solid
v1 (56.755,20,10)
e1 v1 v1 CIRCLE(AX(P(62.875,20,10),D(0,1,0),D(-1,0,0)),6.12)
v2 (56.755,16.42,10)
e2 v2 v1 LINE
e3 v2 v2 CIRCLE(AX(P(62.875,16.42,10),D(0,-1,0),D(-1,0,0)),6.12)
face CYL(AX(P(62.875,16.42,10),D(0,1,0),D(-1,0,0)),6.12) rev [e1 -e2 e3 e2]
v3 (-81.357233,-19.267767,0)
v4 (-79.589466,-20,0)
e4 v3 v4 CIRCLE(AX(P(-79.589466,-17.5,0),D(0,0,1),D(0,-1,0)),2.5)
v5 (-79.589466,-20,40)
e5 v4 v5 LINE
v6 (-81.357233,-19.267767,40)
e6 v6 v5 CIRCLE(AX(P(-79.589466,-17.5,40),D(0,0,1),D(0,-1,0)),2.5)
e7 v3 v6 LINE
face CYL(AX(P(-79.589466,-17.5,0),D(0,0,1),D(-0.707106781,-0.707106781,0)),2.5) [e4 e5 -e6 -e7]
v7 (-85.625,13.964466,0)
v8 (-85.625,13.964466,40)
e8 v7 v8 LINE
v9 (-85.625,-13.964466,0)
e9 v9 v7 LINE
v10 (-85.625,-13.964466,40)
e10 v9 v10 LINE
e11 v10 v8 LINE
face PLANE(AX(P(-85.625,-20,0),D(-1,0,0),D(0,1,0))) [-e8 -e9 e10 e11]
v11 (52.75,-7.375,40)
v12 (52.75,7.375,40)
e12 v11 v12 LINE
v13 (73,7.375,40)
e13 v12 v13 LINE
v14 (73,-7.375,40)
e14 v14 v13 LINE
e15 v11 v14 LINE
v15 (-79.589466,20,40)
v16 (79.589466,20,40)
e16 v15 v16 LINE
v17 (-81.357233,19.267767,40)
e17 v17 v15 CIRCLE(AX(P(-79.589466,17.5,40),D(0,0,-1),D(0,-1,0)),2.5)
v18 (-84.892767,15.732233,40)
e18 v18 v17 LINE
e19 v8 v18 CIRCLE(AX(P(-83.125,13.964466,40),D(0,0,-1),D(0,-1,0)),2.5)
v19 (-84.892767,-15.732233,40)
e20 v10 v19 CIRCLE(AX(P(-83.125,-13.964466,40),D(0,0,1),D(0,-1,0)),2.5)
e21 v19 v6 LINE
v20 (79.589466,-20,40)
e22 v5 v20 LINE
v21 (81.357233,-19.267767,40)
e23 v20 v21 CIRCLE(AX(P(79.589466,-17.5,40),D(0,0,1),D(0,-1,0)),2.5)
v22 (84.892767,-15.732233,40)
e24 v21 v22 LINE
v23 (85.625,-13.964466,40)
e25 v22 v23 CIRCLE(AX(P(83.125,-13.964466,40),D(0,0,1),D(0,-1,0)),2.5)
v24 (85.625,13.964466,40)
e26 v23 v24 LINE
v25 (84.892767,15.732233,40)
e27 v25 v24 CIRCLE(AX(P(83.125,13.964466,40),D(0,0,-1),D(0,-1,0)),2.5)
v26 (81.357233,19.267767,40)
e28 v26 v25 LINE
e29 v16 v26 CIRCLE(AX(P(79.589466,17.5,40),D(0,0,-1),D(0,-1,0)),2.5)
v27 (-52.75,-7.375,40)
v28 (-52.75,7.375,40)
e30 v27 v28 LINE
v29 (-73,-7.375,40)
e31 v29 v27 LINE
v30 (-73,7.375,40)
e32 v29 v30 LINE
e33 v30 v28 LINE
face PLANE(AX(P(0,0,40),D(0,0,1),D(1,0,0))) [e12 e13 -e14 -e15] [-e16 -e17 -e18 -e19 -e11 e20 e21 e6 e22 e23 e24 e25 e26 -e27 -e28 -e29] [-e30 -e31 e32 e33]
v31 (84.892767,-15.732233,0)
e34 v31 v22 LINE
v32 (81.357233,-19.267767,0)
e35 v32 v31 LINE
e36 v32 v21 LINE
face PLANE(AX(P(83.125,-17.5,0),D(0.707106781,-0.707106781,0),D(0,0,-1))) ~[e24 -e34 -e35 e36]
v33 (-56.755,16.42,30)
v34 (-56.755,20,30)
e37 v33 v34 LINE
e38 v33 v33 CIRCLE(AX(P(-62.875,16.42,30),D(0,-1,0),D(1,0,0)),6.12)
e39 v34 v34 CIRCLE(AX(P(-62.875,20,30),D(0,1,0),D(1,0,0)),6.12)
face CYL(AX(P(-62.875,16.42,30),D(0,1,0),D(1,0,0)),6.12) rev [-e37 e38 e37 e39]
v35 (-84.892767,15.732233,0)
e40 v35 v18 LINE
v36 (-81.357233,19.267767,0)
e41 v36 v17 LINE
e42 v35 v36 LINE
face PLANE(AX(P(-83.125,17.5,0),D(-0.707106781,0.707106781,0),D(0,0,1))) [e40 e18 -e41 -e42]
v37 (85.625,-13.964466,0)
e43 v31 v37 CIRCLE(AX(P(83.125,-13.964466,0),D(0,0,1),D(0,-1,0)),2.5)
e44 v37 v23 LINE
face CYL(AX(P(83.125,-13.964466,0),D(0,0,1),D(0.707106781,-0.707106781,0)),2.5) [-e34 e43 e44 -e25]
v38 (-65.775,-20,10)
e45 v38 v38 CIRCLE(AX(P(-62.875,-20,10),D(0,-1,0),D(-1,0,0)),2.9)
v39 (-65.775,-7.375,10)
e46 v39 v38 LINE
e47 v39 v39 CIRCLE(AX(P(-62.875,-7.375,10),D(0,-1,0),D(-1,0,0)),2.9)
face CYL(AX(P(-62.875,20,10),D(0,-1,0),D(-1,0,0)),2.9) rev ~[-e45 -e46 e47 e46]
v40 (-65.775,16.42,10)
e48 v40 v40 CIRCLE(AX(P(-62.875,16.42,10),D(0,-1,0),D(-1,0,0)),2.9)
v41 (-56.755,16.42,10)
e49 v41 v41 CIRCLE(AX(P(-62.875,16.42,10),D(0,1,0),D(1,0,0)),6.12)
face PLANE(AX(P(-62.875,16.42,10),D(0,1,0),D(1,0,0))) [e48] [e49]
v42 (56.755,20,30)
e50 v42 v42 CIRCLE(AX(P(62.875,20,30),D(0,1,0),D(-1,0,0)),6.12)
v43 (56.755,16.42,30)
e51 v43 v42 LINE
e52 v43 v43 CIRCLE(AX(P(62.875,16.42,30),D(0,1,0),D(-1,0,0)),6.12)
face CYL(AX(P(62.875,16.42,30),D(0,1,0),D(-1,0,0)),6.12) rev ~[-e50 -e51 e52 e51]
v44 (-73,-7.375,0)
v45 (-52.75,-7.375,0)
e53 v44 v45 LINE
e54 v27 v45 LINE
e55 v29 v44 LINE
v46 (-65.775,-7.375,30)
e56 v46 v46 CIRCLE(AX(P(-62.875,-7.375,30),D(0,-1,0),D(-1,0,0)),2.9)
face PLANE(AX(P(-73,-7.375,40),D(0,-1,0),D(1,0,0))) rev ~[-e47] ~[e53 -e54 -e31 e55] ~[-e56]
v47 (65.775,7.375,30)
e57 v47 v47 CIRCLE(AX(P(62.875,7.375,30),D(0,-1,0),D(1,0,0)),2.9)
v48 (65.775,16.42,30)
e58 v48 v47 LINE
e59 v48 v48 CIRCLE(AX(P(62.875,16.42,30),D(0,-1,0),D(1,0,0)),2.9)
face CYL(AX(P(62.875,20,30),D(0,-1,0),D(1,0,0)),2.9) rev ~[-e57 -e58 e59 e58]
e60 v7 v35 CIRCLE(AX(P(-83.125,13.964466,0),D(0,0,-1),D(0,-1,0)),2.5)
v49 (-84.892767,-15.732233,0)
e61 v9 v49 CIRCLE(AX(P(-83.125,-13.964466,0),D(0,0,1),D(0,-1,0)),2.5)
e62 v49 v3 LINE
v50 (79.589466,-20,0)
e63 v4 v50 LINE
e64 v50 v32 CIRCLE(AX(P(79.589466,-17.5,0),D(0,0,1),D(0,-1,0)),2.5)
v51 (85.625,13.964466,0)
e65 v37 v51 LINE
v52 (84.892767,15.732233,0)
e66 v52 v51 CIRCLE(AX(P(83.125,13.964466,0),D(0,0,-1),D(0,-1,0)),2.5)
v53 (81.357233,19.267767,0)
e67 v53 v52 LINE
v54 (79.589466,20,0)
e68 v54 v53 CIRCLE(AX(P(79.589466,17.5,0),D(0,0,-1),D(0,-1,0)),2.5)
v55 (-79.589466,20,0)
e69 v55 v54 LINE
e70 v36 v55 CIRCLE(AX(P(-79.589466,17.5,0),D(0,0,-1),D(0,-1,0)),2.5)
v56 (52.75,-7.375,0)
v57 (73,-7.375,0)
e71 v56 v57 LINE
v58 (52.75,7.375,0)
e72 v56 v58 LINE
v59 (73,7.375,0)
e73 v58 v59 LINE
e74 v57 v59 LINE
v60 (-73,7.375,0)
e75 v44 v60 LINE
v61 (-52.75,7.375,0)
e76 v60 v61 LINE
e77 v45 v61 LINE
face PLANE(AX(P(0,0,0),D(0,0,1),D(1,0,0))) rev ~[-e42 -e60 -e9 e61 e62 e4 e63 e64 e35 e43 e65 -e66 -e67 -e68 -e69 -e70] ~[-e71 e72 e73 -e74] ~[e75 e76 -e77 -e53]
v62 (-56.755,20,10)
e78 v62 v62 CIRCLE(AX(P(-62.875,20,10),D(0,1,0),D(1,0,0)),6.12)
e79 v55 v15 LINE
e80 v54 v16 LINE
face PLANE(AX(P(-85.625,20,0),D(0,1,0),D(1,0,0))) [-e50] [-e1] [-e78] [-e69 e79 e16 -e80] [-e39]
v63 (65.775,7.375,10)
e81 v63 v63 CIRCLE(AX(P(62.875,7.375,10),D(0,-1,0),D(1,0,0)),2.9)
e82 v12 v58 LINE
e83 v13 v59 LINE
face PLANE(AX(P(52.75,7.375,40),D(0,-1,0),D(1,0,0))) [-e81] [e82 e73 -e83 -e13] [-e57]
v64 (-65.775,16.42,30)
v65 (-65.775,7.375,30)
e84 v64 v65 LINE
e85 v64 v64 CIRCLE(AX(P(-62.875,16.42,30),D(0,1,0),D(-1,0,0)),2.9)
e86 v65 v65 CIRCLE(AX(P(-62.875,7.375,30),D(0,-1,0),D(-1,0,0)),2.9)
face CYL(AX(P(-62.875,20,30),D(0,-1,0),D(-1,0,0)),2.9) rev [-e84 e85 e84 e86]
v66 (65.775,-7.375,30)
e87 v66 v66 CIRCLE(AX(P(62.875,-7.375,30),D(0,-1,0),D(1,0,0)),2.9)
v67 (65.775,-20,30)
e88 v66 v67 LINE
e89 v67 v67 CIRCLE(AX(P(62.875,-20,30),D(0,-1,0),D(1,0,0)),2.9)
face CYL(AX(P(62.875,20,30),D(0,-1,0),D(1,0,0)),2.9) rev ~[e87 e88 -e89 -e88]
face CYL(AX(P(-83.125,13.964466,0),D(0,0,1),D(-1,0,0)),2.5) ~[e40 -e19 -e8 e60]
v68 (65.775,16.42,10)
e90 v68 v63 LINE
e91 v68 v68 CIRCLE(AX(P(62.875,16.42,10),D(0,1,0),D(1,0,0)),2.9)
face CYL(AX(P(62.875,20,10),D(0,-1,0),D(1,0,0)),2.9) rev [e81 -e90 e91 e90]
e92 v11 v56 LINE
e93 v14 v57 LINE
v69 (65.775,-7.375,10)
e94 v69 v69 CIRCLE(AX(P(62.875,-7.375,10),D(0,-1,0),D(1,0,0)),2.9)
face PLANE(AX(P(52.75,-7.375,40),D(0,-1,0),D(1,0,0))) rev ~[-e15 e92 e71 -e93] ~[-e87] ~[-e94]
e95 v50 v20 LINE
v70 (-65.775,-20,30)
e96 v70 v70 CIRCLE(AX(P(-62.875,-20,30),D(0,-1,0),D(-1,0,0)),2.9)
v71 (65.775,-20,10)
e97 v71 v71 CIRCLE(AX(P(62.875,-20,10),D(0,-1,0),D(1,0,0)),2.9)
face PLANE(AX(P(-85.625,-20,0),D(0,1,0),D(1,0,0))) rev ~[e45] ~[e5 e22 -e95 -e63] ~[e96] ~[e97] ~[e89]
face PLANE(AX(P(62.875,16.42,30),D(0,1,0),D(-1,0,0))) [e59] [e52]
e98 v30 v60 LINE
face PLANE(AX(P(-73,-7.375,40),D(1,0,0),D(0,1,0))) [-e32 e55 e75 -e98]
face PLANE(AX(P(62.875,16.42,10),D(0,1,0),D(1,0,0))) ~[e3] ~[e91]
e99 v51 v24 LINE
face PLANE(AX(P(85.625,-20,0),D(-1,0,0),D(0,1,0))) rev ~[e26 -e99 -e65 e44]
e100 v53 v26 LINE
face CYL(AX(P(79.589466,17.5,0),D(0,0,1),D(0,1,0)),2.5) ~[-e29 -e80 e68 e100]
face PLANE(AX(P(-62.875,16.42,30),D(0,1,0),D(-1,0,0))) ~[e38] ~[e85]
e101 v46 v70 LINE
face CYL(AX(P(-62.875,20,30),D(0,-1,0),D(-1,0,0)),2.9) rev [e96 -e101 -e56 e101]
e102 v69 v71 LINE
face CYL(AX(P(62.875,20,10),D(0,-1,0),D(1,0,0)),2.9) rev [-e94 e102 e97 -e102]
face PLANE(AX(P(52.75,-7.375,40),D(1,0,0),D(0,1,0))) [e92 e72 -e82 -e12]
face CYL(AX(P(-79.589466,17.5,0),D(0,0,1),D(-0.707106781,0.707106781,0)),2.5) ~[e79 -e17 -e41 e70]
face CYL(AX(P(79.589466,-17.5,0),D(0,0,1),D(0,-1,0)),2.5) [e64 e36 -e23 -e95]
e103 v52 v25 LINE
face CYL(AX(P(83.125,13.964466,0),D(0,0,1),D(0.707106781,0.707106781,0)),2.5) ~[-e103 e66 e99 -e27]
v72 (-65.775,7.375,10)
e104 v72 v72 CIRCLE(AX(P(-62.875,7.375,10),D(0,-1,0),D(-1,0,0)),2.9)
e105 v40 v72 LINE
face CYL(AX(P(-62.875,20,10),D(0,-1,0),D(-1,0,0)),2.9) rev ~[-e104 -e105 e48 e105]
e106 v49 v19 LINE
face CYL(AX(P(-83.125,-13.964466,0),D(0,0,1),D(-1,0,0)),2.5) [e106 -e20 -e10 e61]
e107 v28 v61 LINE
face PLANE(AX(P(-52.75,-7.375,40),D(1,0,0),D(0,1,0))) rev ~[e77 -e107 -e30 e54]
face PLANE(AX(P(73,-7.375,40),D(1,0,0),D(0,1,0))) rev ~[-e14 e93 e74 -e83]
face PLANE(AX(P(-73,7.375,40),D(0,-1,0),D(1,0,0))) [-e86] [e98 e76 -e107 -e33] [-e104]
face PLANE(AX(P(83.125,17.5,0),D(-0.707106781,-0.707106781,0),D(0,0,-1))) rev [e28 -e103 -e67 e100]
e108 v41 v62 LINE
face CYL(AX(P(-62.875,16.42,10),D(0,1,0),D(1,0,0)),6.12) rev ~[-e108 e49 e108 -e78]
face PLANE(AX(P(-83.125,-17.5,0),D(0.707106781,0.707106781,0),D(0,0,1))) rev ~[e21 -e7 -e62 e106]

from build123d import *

# Parameters (mm, degrees)
SKETCH2_W                               = 171.25
SKETCH2_H                               = 40
BOSS_EXTRUDE1_DEPTH                     = 40
SKETCH3_W                               = 20.25
SKETCH3_H                               = 14.75
CUT_EXTRUDE1_DEPTH                      = 97.600417313
CHAMFER1_SIZE                           = 5
FILLET1_R                               = 2.5
CBORE_FOR_M5_HEX_HEAD_BOLT1_D           = 5.8
CBORE_FOR_M5_HEX_HEAD_BOLT1_CBORE_D     = 12.24
CBORE_FOR_M5_HEX_HEAD_BOLT1_CBORE_DEPTH = 3.58
MIRROR2_COPY_1_D                        = 5.8
MIRROR2_COPY_1_CBORE_D                  = 12.24
MIRROR2_COPY_1_CBORE_DEPTH              = 3.58


with BuildPart() as part:
    # Sketch2 → Boss-Extrude1 (new body)
    with BuildSketch(Plane.XY):
        Rectangle(SKETCH2_W, SKETCH2_H)
    extrude(amount=BOSS_EXTRUDE1_DEPTH)

    # Sketch3 → Cut-Extrude1 (cut, through all)
    with BuildSketch(Plane.XY.offset(40)):
        with Locations((-62.875, 0)):
            Rectangle(SKETCH3_W, SKETCH3_H)
        with Locations((62.875, 0)):
            Rectangle(SKETCH3_W, SKETCH3_H)
    extrude(amount=-CUT_EXTRUDE1_DEPTH, mode=Mode.SUBTRACT)

    # Chamfer1
    chamfer1_edges = [part.edges().sort_by_distance(p)[0] for p in [
        (85.625, -20, 20),
        (-85.625, -20, 20),
        (-85.625, 20, 20),
        (85.625, 20, 20),
    ]]
    chamfer(chamfer1_edges, length=CHAMFER1_SIZE)

    # Fillet1
    fillet1_edges = [part.edges().sort_by_distance(p)[0] for p in [
        (-80.625, 20, 20),
        (80.625, 20, 20),
        (85.625, -15, 20),
        (85.625, 15, 20),
        (-80.625, -20, 20),
        (80.625, -20, 20),
        (-85.625, 15, 20),
        (-85.625, -15, 20),
    ]]
    fillet(fillet1_edges, radius=FILLET1_R)

    # CBORE for M5 Hex Head Bolt1 (through all)
    with Locations(Plane(origin=(0, 20, 0), x_dir=(1, 0, 0), z_dir=(0, 1, 0))):
        with Locations((-62.875, -10)):
            cbore_for_m5_hex_head_bolt1 = CounterBoreHole(CBORE_FOR_M5_HEX_HEAD_BOLT1_D / 2, CBORE_FOR_M5_HEX_HEAD_BOLT1_CBORE_D / 2, CBORE_FOR_M5_HEX_HEAD_BOLT1_CBORE_DEPTH)

    # Mirror1: CBORE for M5 Hex Head Bolt1 across plane
    add(cbore_for_m5_hex_head_bolt1.mirror(Plane.XY.offset(20)), mode=Mode.SUBTRACT)

    # Mirror2: CBORE for M5 Hex Head Bolt1 across plane
    add(cbore_for_m5_hex_head_bolt1.mirror(Plane(origin=(0, 0, 0), x_dir=(0, 0, 1), z_dir=(1, 0, 0))), mode=Mode.SUBTRACT)

    # Mirror2 copy 1 (through all)
    with Locations(Plane(origin=(0, 20, 40), x_dir=(-1, 0, 0), z_dir=(0, 1, 0))):
        with Locations((-62.875, -10)):
            CounterBoreHole(MIRROR2_COPY_1_D / 2, MIRROR2_COPY_1_CBORE_D / 2, MIRROR2_COPY_1_CBORE_DEPTH)


solid = part.part
